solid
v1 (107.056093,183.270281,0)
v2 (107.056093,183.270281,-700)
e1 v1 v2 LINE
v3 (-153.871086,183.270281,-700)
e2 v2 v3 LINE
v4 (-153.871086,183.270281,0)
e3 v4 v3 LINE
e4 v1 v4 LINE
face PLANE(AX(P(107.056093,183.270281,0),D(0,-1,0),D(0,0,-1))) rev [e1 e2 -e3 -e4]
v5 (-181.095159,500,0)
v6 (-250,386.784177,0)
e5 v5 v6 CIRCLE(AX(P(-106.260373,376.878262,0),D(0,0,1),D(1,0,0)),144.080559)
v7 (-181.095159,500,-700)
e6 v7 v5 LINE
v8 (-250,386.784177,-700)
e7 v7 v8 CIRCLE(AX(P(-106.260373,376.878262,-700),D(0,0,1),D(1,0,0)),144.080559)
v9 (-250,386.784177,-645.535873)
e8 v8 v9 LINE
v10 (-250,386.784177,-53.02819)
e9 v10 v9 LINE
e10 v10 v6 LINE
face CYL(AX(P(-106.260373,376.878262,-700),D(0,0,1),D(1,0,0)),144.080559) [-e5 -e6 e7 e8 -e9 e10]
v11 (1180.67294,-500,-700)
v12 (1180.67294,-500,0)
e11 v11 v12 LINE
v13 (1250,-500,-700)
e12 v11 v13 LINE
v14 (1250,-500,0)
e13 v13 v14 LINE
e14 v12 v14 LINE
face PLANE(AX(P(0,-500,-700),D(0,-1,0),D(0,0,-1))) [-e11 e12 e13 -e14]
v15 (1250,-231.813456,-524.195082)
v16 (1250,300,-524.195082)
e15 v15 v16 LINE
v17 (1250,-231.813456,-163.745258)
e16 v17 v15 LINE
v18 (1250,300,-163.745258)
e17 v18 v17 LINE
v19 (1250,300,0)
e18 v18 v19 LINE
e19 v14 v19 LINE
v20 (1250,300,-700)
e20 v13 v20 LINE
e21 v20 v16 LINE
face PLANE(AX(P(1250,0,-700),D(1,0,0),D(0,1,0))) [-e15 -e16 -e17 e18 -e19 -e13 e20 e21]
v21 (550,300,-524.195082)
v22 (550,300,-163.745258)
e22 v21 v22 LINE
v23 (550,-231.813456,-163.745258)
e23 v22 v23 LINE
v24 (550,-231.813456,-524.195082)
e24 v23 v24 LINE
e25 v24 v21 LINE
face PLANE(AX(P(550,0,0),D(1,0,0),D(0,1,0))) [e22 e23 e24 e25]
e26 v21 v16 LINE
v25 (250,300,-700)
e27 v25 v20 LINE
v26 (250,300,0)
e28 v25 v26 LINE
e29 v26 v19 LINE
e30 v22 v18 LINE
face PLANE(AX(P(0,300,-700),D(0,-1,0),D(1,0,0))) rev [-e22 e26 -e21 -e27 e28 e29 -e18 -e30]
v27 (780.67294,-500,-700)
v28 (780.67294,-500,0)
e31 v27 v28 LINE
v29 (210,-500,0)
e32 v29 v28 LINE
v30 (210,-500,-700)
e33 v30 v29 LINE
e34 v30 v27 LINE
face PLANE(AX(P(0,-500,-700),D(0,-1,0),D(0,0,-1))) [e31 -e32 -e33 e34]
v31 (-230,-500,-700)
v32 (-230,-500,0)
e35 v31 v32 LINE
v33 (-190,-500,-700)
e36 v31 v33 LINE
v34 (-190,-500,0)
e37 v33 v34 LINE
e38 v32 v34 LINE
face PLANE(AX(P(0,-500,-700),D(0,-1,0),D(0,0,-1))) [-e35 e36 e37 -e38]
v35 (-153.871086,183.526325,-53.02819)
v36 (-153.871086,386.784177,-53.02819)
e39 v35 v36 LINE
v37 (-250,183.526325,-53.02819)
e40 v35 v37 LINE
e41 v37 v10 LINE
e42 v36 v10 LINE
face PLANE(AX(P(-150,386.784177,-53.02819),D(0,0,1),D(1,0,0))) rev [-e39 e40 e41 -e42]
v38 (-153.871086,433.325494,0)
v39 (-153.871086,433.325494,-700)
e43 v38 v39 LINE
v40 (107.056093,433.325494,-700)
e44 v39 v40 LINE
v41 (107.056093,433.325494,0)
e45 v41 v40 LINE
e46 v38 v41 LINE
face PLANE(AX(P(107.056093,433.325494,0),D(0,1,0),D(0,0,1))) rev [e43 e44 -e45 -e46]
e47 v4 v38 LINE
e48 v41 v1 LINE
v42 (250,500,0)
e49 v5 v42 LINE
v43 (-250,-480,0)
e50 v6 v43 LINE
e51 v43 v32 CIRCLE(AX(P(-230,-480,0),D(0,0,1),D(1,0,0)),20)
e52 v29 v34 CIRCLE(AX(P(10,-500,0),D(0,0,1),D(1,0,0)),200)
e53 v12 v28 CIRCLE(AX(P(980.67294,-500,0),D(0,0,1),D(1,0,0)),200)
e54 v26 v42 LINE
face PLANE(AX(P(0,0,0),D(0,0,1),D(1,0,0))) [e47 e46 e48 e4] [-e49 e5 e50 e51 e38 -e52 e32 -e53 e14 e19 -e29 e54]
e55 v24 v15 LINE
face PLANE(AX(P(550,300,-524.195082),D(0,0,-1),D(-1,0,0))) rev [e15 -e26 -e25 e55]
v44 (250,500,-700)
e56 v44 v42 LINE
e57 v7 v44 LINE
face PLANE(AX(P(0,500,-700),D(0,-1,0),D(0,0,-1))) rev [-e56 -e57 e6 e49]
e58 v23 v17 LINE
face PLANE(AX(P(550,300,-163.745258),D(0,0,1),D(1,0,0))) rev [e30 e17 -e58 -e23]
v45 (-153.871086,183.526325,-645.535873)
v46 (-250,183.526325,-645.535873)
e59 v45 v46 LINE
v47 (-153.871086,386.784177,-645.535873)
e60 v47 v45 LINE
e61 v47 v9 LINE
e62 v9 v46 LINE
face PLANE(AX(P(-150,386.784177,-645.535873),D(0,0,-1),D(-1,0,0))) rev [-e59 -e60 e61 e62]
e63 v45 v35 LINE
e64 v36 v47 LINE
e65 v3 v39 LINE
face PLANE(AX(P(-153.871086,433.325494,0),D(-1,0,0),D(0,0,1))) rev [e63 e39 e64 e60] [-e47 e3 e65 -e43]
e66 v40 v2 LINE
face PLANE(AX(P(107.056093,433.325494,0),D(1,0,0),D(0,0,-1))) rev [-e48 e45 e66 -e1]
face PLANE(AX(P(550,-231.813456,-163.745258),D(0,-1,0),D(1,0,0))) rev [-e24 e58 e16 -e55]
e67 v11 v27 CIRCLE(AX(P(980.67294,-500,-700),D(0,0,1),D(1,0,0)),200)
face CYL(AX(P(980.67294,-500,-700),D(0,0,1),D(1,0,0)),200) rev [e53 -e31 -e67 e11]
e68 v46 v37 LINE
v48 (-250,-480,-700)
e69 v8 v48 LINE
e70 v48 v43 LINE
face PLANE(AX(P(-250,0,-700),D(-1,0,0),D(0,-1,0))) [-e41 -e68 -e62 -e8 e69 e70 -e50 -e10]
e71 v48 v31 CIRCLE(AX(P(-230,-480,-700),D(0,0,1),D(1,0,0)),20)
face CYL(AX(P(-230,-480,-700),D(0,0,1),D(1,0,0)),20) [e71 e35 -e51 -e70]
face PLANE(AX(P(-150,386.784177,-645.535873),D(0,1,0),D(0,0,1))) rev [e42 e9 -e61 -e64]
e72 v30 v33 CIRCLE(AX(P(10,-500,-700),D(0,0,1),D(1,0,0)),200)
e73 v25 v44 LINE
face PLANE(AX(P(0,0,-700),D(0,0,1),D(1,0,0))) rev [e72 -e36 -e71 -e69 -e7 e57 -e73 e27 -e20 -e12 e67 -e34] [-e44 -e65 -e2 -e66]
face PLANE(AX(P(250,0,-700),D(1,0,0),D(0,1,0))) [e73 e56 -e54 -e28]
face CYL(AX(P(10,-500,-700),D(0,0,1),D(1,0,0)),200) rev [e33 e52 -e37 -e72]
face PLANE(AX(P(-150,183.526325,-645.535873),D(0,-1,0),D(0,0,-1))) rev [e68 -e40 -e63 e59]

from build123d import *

# Parameters (mm, degrees)
Y_KSEKLIK_EKSTR_ZYON1_DEPTH = 700
IZIM2_W                     = 360.449824165
IZIM2_H                     = 531.81345569
KES_EKSTR_ZYON1_DEPTH       = 700
IZIM3_W                     = 260.927179237
IZIM3_H                     = 250.055213435
KES_EKSTR_ZYON2_DEPTH       = 700
IZIM4_W                     = 592.507682974
IZIM4_H                     = 203.257851284
KES_EKSTR_ZYON3_DEPTH       = 100


with BuildPart() as part:
    # Çizim1 → Yükseklik-Ekstrüzyon1 (new body)
    with BuildSketch(Plane.XY):
        with BuildLine():
            Line((210, -500), (250, -500))
            Line((250, -500), (250, 300))
            Line((250, 300), (250, 500))
            Line((250, 500), (-181.095158938, 500))
            ThreePointArc((-181.095158938, 500), (-229.338190574, 451.785260133), (-250, 386.784176503))
            Line((-250, 386.784176503), (-250, -480))
            ThreePointArc((-250, -480), (-244.142135624, -494.142135624), (-230, -500))
            Line((-230, -500), (-190, -500))
            ThreePointArc((-190, -500), (10, -300), (210, -500))
        make_face()
        with BuildLine():
            ThreePointArc((1180.672940492, -500), (980.672940492, -300), (780.672940492, -500))
            Line((780.672940492, -500), (250, -500))
            Line((250, -500), (250, 300))
            Line((250, 300), (1250, 300))
            Line((1250, 300), (1250, -500))
            Line((1250, -500), (1180.672940492, -500))
        make_face()
    extrude(amount=-Y_KSEKLIK_EKSTR_ZYON1_DEPTH)

    # Çizim2 → Kes-Ekstrüzyon1 (cut)
    with BuildSketch(Plane(origin=(1250, 0, 0), x_dir=(0, 0, -1), z_dir=(1, 0, 0))):
        with Locations((343.970170228, 34.093272155)):
            Rectangle(IZIM2_W, IZIM2_H)
    extrude(amount=-KES_EKSTR_ZYON1_DEPTH, mode=Mode.SUBTRACT)

    # Çizim3 → Kes-Ekstrüzyon2 (cut)
    with BuildSketch(Plane(origin=(0, 0, -700), x_dir=(-1, 0, 0), z_dir=(0, 0, -1))):
        with Locations((23.407496445, 308.297887372)):
            Rectangle(IZIM3_W, IZIM3_H)
    extrude(amount=-KES_EKSTR_ZYON2_DEPTH, mode=Mode.SUBTRACT)

    # Çizim4 → Kes-Ekstrüzyon3 (cut)
    with BuildSketch(Plane.ZY.offset(250)):
        with Locations((-349.282031692, 285.155250861)):
            Rectangle(IZIM4_W, IZIM4_H)
    extrude(amount=-KES_EKSTR_ZYON3_DEPTH, mode=Mode.SUBTRACT)


solid = part.part
